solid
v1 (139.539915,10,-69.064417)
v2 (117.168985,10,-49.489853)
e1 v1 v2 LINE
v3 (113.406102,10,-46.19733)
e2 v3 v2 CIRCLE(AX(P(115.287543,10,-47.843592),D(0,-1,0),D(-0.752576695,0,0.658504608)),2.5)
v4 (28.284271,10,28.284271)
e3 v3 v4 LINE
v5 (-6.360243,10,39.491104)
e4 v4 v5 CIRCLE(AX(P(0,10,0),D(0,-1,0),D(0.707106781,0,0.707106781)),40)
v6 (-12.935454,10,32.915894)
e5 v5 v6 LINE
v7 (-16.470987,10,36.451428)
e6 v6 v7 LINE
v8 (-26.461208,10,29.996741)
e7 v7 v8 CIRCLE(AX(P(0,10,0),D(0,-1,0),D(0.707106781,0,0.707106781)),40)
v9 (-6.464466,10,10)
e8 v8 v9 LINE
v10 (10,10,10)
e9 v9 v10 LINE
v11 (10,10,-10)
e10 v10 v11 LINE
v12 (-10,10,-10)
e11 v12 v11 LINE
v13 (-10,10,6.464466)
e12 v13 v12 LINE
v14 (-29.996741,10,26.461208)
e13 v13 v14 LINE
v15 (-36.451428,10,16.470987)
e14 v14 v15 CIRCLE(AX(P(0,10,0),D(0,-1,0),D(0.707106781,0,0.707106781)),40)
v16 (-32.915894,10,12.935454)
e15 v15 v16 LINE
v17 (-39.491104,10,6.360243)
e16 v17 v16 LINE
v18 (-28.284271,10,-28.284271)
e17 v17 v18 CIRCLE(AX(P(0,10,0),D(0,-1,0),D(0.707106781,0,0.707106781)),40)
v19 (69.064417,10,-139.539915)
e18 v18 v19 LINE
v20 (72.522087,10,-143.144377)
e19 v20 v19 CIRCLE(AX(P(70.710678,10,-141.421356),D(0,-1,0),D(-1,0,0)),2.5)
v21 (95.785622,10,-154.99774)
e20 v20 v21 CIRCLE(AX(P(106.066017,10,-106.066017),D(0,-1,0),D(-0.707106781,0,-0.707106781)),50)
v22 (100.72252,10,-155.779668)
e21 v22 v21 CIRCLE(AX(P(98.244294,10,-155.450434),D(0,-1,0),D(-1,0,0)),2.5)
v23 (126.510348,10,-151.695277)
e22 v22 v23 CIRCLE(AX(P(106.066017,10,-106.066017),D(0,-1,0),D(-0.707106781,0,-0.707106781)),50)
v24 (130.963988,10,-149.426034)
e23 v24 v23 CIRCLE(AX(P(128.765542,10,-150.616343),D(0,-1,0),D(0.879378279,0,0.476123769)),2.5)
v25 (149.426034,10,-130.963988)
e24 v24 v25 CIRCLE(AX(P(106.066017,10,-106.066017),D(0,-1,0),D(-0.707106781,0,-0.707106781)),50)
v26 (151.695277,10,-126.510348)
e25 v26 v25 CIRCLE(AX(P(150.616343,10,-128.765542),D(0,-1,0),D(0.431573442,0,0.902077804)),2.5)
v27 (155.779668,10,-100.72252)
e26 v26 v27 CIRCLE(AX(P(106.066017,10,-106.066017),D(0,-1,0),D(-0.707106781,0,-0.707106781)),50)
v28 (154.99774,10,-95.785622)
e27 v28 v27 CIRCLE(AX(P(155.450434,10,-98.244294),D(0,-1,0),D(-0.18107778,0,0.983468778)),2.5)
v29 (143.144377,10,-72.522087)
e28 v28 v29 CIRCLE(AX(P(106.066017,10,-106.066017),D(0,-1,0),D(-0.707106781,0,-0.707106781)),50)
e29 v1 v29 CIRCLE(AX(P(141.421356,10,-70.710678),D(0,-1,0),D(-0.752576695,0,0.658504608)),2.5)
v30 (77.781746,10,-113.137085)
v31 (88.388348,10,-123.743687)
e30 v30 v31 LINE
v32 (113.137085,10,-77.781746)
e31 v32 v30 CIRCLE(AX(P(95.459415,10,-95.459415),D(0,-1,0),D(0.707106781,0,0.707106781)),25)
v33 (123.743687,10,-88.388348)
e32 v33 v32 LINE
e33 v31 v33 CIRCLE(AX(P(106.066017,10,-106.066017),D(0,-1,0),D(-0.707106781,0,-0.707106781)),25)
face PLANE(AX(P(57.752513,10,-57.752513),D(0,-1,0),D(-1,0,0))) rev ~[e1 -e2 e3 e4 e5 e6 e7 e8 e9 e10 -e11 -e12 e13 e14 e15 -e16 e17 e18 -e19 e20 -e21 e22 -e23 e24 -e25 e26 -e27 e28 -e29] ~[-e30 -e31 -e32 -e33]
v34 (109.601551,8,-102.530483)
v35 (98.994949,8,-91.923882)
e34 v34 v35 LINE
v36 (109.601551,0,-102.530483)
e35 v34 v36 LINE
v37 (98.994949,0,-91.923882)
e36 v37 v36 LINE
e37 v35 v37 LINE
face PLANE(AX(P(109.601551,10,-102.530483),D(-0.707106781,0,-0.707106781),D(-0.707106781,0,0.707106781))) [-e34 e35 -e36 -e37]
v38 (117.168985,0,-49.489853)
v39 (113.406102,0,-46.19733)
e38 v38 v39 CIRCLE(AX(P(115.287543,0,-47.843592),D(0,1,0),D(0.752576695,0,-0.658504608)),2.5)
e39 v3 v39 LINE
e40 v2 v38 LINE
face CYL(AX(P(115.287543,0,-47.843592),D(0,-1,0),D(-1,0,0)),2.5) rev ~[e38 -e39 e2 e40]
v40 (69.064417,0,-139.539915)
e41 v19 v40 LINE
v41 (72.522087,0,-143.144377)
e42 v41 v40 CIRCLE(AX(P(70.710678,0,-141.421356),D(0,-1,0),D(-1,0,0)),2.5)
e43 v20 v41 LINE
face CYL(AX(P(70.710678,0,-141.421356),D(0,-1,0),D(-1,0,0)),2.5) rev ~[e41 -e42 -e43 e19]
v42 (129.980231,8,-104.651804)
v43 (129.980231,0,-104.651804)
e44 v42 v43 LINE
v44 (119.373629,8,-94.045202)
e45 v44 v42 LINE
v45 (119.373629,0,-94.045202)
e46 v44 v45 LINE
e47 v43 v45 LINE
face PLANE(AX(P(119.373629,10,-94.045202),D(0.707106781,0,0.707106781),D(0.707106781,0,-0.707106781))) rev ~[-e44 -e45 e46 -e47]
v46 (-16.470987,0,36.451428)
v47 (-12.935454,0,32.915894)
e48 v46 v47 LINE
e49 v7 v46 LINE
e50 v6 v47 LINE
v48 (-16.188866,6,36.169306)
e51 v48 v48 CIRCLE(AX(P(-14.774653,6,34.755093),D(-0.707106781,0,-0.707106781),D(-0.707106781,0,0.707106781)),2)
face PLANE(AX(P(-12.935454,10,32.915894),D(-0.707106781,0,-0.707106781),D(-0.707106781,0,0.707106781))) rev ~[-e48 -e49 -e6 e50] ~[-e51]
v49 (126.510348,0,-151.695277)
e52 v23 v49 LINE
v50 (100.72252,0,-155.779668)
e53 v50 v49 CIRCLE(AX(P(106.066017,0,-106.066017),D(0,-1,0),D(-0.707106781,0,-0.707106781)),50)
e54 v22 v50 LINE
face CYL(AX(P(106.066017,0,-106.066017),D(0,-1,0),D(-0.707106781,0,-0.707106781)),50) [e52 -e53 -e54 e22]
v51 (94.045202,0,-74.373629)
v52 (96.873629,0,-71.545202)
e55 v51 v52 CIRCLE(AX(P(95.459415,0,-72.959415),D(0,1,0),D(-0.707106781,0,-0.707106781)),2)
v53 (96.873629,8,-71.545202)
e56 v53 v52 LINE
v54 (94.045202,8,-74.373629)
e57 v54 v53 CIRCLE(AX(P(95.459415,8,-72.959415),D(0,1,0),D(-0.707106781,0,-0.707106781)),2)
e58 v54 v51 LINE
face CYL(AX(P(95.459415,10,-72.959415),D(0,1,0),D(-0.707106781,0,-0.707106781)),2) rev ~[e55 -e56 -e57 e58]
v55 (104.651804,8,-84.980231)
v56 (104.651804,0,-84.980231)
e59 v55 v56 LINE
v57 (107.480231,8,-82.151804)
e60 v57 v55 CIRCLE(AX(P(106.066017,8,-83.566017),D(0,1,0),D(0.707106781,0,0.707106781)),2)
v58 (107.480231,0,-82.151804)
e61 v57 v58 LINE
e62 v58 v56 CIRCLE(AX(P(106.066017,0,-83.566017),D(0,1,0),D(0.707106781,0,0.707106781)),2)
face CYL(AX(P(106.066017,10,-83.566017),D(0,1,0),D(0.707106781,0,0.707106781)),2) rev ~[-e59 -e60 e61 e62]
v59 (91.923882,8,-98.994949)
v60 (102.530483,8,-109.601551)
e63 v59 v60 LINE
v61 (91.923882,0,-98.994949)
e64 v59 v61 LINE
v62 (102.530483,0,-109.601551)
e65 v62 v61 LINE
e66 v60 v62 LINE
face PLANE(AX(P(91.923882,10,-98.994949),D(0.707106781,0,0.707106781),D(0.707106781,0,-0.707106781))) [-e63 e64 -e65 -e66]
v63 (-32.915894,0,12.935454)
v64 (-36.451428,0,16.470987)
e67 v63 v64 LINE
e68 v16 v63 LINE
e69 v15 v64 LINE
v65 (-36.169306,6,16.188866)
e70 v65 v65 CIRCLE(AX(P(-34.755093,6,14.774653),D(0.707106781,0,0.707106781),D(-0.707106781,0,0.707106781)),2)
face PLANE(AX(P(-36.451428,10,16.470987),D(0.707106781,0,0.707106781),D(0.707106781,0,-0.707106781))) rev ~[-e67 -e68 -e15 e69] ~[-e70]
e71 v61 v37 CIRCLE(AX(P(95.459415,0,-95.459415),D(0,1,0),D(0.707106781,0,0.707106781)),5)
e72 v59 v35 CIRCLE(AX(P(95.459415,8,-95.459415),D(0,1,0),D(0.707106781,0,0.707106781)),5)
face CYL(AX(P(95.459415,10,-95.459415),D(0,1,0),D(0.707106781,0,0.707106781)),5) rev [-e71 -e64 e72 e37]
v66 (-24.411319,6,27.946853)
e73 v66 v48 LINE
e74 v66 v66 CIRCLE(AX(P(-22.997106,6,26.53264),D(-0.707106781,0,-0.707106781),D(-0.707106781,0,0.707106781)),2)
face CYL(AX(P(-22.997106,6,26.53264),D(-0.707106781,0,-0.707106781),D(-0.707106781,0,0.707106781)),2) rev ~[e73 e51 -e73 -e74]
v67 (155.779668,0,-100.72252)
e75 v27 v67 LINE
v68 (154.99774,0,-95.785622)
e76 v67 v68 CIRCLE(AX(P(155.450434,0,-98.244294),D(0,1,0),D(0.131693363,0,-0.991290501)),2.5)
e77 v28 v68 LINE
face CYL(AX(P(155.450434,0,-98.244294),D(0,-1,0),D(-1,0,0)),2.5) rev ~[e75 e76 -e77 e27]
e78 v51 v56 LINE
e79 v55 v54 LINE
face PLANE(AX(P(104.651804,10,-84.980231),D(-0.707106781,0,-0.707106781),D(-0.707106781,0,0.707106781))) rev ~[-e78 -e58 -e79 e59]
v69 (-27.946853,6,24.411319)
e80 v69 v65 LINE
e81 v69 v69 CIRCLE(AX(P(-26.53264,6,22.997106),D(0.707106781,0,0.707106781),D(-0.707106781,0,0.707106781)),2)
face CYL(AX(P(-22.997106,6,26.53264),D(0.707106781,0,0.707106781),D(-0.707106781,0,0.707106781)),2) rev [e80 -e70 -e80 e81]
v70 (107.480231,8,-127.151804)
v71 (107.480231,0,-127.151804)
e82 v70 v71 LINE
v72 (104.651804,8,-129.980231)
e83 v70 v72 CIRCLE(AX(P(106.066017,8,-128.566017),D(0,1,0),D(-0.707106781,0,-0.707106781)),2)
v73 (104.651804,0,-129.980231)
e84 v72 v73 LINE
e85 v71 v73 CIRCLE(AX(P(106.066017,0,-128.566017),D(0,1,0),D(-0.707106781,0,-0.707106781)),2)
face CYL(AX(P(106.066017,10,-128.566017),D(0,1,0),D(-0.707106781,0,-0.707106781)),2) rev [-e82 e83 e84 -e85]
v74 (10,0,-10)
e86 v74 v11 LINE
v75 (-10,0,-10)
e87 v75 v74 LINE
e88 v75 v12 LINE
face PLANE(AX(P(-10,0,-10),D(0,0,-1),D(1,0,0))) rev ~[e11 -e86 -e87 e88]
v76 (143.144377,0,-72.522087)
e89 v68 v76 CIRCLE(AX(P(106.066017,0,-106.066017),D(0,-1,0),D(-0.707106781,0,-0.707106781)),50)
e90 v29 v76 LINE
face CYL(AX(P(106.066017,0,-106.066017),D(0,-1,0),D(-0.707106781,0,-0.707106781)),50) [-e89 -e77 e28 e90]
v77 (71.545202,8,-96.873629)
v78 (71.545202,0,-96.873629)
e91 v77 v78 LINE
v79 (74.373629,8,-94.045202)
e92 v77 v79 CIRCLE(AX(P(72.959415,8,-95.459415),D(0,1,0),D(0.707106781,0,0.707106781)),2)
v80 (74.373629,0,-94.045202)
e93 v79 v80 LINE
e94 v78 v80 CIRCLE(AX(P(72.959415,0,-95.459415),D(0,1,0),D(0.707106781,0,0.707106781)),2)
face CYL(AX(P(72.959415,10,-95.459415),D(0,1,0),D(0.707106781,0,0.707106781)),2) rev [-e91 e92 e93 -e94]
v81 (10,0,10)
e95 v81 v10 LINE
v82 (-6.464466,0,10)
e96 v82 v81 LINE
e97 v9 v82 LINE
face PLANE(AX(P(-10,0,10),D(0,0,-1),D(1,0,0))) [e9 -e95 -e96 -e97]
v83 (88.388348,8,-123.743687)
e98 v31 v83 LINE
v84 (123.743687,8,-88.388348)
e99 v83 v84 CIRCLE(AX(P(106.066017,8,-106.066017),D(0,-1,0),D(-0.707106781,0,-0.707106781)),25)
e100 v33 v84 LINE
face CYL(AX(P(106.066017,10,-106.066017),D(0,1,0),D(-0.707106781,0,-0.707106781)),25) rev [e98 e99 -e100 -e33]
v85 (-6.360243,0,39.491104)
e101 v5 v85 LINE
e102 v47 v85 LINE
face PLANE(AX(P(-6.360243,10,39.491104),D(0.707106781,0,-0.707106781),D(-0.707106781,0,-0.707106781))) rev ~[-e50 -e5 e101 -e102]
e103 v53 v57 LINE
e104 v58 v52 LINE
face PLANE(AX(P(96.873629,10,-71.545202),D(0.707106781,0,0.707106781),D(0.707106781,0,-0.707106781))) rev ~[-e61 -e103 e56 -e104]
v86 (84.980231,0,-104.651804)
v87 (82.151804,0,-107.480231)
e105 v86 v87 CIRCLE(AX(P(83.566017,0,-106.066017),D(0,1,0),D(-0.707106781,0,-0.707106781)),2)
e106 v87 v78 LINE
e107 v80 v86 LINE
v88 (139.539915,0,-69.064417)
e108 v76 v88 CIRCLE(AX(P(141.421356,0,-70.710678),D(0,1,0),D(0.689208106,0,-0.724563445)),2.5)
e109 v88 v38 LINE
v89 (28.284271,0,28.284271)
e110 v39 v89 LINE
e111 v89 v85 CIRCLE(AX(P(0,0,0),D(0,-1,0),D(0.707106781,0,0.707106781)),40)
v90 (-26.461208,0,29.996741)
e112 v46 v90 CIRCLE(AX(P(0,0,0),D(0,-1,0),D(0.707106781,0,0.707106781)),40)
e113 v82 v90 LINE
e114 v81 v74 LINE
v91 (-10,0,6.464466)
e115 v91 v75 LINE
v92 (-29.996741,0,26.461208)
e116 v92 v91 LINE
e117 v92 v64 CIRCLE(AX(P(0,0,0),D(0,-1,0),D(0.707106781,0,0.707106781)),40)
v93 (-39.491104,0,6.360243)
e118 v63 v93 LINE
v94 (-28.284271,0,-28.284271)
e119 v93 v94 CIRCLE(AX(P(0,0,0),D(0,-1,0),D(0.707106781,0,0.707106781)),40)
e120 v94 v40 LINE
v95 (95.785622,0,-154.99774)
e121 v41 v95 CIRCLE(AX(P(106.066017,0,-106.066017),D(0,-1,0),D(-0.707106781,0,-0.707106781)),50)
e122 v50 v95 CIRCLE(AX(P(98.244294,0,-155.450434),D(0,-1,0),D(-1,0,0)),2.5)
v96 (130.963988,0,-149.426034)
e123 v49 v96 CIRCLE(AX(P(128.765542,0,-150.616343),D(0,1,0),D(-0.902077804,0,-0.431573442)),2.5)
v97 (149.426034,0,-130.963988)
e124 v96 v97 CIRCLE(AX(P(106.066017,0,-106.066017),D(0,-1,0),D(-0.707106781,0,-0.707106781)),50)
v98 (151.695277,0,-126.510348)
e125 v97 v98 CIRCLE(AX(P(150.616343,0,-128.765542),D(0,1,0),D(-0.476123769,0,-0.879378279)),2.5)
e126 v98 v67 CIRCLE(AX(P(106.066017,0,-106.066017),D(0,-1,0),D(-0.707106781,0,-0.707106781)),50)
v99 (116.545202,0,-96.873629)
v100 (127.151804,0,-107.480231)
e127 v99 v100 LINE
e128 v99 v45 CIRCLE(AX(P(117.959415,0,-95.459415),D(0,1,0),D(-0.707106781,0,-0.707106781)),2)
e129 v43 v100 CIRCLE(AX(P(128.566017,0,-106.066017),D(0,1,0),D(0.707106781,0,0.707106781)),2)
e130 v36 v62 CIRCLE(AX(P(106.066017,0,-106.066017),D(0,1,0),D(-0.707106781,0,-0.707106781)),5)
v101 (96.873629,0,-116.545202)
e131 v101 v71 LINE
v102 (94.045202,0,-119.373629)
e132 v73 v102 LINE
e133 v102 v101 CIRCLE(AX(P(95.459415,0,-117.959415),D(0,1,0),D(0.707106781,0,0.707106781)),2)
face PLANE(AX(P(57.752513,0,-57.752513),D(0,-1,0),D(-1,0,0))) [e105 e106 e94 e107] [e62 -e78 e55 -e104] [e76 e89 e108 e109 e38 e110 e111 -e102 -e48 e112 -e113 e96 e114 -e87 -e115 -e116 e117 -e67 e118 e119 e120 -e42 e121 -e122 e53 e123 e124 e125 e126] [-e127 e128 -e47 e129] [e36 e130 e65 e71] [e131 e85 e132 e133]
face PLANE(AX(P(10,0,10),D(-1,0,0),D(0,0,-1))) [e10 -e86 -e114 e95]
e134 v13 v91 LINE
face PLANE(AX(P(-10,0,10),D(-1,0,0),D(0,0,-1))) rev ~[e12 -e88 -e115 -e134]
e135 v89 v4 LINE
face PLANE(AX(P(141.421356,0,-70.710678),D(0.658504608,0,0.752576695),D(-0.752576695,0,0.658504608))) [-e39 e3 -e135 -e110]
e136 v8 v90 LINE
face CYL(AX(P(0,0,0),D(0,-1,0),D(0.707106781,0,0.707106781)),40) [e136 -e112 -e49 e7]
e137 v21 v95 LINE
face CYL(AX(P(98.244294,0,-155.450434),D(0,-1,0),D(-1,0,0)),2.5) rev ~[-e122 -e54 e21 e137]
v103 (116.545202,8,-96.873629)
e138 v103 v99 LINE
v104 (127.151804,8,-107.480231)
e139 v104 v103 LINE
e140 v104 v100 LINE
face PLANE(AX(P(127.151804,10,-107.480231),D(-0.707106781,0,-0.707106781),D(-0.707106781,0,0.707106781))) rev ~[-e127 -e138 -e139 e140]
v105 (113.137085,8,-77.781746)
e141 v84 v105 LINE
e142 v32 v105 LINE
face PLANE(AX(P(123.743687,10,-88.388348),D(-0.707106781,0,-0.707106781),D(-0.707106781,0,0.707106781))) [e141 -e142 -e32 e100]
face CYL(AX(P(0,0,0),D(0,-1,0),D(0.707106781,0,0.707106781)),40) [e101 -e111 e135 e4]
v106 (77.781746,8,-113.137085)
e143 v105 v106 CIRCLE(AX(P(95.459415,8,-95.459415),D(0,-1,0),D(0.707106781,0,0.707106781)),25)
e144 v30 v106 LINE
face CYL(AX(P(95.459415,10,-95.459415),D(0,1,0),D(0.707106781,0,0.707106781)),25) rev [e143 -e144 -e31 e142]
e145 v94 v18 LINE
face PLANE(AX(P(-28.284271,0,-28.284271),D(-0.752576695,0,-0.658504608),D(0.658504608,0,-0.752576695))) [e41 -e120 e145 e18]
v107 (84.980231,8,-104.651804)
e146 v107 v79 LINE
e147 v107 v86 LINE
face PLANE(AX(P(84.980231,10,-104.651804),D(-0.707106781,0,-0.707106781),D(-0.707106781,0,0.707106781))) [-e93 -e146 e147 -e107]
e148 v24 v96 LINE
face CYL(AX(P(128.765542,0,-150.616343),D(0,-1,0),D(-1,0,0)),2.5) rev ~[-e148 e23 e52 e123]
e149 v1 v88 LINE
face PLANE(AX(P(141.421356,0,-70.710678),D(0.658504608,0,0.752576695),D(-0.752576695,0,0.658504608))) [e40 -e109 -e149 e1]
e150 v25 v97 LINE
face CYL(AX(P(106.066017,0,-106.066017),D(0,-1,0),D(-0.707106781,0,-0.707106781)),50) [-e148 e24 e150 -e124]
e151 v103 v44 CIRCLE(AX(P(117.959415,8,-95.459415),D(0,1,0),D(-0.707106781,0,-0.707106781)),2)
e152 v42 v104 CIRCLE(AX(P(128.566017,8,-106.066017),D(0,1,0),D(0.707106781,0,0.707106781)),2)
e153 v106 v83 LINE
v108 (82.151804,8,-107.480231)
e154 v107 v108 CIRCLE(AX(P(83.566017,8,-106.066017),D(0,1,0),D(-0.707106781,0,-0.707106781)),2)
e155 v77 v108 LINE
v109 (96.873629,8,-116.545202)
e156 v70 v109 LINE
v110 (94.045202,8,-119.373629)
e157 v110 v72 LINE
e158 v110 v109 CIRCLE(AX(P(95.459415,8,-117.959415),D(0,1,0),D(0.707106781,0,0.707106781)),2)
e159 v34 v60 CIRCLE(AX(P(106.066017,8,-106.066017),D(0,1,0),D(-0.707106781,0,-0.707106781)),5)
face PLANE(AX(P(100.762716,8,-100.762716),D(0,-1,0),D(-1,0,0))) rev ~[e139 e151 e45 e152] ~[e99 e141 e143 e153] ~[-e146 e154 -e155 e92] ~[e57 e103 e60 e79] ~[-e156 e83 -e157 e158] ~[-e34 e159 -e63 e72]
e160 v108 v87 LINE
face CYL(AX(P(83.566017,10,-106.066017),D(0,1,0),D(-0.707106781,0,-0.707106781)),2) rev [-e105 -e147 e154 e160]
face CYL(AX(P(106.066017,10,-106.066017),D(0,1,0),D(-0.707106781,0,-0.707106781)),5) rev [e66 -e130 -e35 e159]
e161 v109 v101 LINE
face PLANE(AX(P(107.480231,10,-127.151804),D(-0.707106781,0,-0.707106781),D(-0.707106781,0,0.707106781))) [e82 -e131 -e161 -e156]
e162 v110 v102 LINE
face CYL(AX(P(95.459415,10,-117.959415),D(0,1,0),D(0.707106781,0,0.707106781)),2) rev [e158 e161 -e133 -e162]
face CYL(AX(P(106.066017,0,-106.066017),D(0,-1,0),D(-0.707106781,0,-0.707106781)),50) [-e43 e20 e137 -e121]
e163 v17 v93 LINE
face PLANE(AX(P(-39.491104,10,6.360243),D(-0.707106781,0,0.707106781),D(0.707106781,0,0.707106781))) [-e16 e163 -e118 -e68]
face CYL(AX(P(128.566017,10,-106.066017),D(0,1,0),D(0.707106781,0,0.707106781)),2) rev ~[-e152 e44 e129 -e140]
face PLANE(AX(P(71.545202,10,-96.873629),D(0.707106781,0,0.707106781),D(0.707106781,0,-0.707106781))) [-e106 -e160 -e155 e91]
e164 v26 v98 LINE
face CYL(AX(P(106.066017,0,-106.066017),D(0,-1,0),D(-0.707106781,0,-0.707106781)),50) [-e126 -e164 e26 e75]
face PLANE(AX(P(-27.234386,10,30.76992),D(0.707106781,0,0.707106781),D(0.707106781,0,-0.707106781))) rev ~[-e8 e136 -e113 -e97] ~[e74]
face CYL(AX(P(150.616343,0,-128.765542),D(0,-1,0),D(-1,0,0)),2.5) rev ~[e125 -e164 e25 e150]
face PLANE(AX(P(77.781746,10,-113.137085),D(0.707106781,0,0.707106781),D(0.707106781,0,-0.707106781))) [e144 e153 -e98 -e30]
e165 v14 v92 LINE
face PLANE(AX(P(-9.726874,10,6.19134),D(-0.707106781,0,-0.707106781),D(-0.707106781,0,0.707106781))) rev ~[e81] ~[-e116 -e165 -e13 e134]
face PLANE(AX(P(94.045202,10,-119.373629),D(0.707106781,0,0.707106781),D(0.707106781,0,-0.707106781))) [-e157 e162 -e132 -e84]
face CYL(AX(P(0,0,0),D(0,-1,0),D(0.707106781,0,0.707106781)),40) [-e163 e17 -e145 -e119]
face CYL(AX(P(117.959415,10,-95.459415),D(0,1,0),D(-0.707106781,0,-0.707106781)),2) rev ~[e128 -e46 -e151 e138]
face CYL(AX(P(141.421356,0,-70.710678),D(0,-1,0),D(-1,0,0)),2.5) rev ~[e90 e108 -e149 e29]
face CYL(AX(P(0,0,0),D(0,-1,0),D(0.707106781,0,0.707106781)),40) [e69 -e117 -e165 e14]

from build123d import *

# Parameters (mm, degrees)
ESQUISSE1_W                  = 20
ESQUISSE1_H                  = 20
BOSS_EXTRU_1_DEPTH           = 10
ENL_V_MAT_EXTRU_1_DEPTH      = 11
ESQUISSE4_R                  = 2
ENL_V_MAT_EXTRU_2_DEPTH      = 142.139610307
ENL_V_MAT_EXTRU_2_DEPTH_BACK = 137.139610307
ENL_V_MAT_EXTRU_3_DEPTH      = 11.0000001
ENL_V_MAT_EXTRU_4_DEPTH      = 11
ENL_V_MAT_EXTRU_5_DEPTH      = 2
ESQUISSE9_R                  = 2.5
ENL_V_MAT_EXTRU_6_DEPTH      = 11


with BuildPart() as part:
    # Esquisse1 → Boss.-Extru.1 (new body)
    with BuildSketch(Plane(origin=(0, 0, 0), x_dir=(1, 0, 0), z_dir=(0, 1, 0))):
        with BuildLine():
            Line((-28.284271247, 28.284271247), (70.710678119, 141.421356237))
            ThreePointArc((70.710678119, 141.421356237), (141.421356237, 141.421356237), (141.421356237, 70.710678119))
            Line((141.421356237, 70.710678119), (28.284271247, -28.284271247))
            ThreePointArc((28.284271247, -28.284271247), (-28.284271247, -28.284271247), (-28.284271247, 28.284271247))
        make_face()
        Rectangle(ESQUISSE1_W, ESQUISSE1_H, mode=Mode.SUBTRACT)
    extrude(amount=BOSS_EXTRU_1_DEPTH)

    # Esquisse3 → Enlèv. mat.-Extru.1 (cut, through all)
    with BuildSketch(Plane(origin=(0, 10, 0), x_dir=(1, 0, 0), z_dir=(0, 1, 0))):
        Polygon((-8.232233047, -11.767766953), (-27.234385984, -30.76991989), (-30.76991989, -27.234385984), (-11.767766953, -8.232233047), (-9.726873799, -6.191339893), (-6.191339893, -9.726873799), align=None)
    extrude(amount=-ENL_V_MAT_EXTRU_1_DEPTH, mode=Mode.SUBTRACT)

    # Esquisse4 → Enlèv. mat.-Extru.2 (cut, two sides)
    with BuildSketch(Plane(origin=(1.767766953, 0, 1.767766953), x_dir=(-0.707106781, 0, 0.707106781), z_dir=(-0.707106781, 0, -0.707106781))) as enl_v_mat_extru_2_sk:
        with Locations((35.022819071, 6)):
            Circle(ESQUISSE4_R)
    extrude(amount=ENL_V_MAT_EXTRU_2_DEPTH, mode=Mode.SUBTRACT)
    extrude(enl_v_mat_extru_2_sk.sketch, amount=-ENL_V_MAT_EXTRU_2_DEPTH_BACK, mode=Mode.SUBTRACT)

    # Esquisse5 → Enlèv. mat.-Extru.3 (cut, through all)
    with BuildSketch(Plane(origin=(0, 10, 0), x_dir=(1, 0, 0), z_dir=(0, 1, 0))):
        Polygon((-34.683660608, -14.703220533), (-36.451427561, -16.470987486), (-40.908486709, -7.777625617), (-39.491104164, -6.360243072), (-32.915893655, -12.93545358), align=None)
        Polygon((-7.777625617, -40.908486709), (-6.360243072, -39.491104164), (-12.93545358, -32.915893655), (-14.703220533, -34.683660608), (-16.470987486, -36.451427561), align=None)
    extrude(amount=-ENL_V_MAT_EXTRU_3_DEPTH, mode=Mode.SUBTRACT)

    # Esquisse7 → Enlèv. mat.-Extru.4 (cut, through all)
    with BuildSketch(Plane(origin=(0, 10, 0), x_dir=(1, 0, 0), z_dir=(0, 1, 0))):
        with BuildLine():
            Line((91.923881554, 98.994949366), (102.530483272, 109.601551084))
            ThreePointArc((102.530483272, 109.601551084), (109.601551084, 109.601551084), (109.601551084, 102.530483272))
            Line((109.601551084, 102.530483272), (98.994949366, 91.923881554))
            ThreePointArc((98.994949366, 91.923881554), (91.923881554, 91.923881554), (91.923881554, 98.994949366))
        make_face()
        with BuildLine():
            Line((94.045201898, 119.373629023), (104.651803616, 129.98023074))
            ThreePointArc((104.651803616, 129.98023074), (107.48023074, 129.98023074), (107.48023074, 127.151803616))
            Line((107.48023074, 127.151803616), (96.873629023, 116.545201898))
            ThreePointArc((96.873629023, 116.545201898), (94.045201898, 116.545201898), (94.045201898, 119.373629023))
        make_face()
        with BuildLine():
            Line((71.545201898, 96.873629023), (82.151803616, 107.48023074))
            ThreePointArc((82.151803616, 107.48023074), (84.98023074, 107.48023074), (84.98023074, 104.651803616))
            Line((84.98023074, 104.651803616), (74.373629023, 94.045201898))
            ThreePointArc((74.373629023, 94.045201898), (71.545201898, 94.045201898), (71.545201898, 96.873629023))
        make_face()
        with BuildLine():
            Line((119.373629023, 94.045201898), (129.98023074, 104.651803616))
            ThreePointArc((129.98023074, 104.651803616), (129.98023074, 107.48023074), (127.151803616, 107.48023074))
            Line((127.151803616, 107.48023074), (116.545201898, 96.873629023))
            ThreePointArc((116.545201898, 96.873629023), (116.545201898, 94.045201898), (119.373629023, 94.045201898))
        make_face()
        with BuildLine():
            Line((96.873629023, 71.545201898), (107.48023074, 82.151803616))
            ThreePointArc((107.48023074, 82.151803616), (107.48023074, 84.98023074), (104.651803616, 84.98023074))
            Line((104.651803616, 84.98023074), (94.045201898, 74.373629023))
            ThreePointArc((94.045201898, 74.373629023), (94.045201898, 71.545201898), (96.873629023, 71.545201898))
        make_face()
    extrude(amount=-ENL_V_MAT_EXTRU_4_DEPTH, mode=Mode.SUBTRACT)

    # Esquisse8 → Enlèv. mat.-Extru.5 (cut)
    with BuildSketch(Plane(origin=(0, 10, 0), x_dir=(1, 0, 0), z_dir=(0, 1, 0))):
        with BuildLine():
            Line((123.743686708, 88.388347648), (113.13708499, 77.781745931))
            ThreePointArc((113.13708499, 77.781745931), (77.781745931, 77.781745931), (77.781745931, 113.13708499))
            Line((77.781745931, 113.13708499), (88.388347648, 123.743686708))
            ThreePointArc((88.388347648, 123.743686708), (123.743686708, 123.743686708), (123.743686708, 88.388347648))
        make_face()
    extrude(amount=-ENL_V_MAT_EXTRU_5_DEPTH, mode=Mode.SUBTRACT)

    # Esquisse9 → Enlèv. mat.-Extru.6 (cut, through all)
    with BuildSketch(Plane(origin=(0, 0, 0), x_dir=(-1, 0, 0), z_dir=(0, -1, 0))):
        with Locations((-70.710678119, 141.421356237)):
            Circle(ESQUISSE9_R)
        with Locations((-98.244293926, 155.450434208)):
            Circle(ESQUISSE9_R)
        with Locations((-128.765542165, 150.616343387)):
            Circle(ESQUISSE9_R)
        with Locations((-150.616343387, 128.765542165)):
            Circle(ESQUISSE9_R)
        with Locations((-155.450434208, 98.244293926)):
            Circle(ESQUISSE9_R)
        with Locations((-141.421356237, 70.710678119)):
            Circle(ESQUISSE9_R)
        with Locations((-115.287543419, 47.843591903)):
            Circle(ESQUISSE9_R)
    extrude(amount=-ENL_V_MAT_EXTRU_6_DEPTH, mode=Mode.SUBTRACT)


solid = part.part
